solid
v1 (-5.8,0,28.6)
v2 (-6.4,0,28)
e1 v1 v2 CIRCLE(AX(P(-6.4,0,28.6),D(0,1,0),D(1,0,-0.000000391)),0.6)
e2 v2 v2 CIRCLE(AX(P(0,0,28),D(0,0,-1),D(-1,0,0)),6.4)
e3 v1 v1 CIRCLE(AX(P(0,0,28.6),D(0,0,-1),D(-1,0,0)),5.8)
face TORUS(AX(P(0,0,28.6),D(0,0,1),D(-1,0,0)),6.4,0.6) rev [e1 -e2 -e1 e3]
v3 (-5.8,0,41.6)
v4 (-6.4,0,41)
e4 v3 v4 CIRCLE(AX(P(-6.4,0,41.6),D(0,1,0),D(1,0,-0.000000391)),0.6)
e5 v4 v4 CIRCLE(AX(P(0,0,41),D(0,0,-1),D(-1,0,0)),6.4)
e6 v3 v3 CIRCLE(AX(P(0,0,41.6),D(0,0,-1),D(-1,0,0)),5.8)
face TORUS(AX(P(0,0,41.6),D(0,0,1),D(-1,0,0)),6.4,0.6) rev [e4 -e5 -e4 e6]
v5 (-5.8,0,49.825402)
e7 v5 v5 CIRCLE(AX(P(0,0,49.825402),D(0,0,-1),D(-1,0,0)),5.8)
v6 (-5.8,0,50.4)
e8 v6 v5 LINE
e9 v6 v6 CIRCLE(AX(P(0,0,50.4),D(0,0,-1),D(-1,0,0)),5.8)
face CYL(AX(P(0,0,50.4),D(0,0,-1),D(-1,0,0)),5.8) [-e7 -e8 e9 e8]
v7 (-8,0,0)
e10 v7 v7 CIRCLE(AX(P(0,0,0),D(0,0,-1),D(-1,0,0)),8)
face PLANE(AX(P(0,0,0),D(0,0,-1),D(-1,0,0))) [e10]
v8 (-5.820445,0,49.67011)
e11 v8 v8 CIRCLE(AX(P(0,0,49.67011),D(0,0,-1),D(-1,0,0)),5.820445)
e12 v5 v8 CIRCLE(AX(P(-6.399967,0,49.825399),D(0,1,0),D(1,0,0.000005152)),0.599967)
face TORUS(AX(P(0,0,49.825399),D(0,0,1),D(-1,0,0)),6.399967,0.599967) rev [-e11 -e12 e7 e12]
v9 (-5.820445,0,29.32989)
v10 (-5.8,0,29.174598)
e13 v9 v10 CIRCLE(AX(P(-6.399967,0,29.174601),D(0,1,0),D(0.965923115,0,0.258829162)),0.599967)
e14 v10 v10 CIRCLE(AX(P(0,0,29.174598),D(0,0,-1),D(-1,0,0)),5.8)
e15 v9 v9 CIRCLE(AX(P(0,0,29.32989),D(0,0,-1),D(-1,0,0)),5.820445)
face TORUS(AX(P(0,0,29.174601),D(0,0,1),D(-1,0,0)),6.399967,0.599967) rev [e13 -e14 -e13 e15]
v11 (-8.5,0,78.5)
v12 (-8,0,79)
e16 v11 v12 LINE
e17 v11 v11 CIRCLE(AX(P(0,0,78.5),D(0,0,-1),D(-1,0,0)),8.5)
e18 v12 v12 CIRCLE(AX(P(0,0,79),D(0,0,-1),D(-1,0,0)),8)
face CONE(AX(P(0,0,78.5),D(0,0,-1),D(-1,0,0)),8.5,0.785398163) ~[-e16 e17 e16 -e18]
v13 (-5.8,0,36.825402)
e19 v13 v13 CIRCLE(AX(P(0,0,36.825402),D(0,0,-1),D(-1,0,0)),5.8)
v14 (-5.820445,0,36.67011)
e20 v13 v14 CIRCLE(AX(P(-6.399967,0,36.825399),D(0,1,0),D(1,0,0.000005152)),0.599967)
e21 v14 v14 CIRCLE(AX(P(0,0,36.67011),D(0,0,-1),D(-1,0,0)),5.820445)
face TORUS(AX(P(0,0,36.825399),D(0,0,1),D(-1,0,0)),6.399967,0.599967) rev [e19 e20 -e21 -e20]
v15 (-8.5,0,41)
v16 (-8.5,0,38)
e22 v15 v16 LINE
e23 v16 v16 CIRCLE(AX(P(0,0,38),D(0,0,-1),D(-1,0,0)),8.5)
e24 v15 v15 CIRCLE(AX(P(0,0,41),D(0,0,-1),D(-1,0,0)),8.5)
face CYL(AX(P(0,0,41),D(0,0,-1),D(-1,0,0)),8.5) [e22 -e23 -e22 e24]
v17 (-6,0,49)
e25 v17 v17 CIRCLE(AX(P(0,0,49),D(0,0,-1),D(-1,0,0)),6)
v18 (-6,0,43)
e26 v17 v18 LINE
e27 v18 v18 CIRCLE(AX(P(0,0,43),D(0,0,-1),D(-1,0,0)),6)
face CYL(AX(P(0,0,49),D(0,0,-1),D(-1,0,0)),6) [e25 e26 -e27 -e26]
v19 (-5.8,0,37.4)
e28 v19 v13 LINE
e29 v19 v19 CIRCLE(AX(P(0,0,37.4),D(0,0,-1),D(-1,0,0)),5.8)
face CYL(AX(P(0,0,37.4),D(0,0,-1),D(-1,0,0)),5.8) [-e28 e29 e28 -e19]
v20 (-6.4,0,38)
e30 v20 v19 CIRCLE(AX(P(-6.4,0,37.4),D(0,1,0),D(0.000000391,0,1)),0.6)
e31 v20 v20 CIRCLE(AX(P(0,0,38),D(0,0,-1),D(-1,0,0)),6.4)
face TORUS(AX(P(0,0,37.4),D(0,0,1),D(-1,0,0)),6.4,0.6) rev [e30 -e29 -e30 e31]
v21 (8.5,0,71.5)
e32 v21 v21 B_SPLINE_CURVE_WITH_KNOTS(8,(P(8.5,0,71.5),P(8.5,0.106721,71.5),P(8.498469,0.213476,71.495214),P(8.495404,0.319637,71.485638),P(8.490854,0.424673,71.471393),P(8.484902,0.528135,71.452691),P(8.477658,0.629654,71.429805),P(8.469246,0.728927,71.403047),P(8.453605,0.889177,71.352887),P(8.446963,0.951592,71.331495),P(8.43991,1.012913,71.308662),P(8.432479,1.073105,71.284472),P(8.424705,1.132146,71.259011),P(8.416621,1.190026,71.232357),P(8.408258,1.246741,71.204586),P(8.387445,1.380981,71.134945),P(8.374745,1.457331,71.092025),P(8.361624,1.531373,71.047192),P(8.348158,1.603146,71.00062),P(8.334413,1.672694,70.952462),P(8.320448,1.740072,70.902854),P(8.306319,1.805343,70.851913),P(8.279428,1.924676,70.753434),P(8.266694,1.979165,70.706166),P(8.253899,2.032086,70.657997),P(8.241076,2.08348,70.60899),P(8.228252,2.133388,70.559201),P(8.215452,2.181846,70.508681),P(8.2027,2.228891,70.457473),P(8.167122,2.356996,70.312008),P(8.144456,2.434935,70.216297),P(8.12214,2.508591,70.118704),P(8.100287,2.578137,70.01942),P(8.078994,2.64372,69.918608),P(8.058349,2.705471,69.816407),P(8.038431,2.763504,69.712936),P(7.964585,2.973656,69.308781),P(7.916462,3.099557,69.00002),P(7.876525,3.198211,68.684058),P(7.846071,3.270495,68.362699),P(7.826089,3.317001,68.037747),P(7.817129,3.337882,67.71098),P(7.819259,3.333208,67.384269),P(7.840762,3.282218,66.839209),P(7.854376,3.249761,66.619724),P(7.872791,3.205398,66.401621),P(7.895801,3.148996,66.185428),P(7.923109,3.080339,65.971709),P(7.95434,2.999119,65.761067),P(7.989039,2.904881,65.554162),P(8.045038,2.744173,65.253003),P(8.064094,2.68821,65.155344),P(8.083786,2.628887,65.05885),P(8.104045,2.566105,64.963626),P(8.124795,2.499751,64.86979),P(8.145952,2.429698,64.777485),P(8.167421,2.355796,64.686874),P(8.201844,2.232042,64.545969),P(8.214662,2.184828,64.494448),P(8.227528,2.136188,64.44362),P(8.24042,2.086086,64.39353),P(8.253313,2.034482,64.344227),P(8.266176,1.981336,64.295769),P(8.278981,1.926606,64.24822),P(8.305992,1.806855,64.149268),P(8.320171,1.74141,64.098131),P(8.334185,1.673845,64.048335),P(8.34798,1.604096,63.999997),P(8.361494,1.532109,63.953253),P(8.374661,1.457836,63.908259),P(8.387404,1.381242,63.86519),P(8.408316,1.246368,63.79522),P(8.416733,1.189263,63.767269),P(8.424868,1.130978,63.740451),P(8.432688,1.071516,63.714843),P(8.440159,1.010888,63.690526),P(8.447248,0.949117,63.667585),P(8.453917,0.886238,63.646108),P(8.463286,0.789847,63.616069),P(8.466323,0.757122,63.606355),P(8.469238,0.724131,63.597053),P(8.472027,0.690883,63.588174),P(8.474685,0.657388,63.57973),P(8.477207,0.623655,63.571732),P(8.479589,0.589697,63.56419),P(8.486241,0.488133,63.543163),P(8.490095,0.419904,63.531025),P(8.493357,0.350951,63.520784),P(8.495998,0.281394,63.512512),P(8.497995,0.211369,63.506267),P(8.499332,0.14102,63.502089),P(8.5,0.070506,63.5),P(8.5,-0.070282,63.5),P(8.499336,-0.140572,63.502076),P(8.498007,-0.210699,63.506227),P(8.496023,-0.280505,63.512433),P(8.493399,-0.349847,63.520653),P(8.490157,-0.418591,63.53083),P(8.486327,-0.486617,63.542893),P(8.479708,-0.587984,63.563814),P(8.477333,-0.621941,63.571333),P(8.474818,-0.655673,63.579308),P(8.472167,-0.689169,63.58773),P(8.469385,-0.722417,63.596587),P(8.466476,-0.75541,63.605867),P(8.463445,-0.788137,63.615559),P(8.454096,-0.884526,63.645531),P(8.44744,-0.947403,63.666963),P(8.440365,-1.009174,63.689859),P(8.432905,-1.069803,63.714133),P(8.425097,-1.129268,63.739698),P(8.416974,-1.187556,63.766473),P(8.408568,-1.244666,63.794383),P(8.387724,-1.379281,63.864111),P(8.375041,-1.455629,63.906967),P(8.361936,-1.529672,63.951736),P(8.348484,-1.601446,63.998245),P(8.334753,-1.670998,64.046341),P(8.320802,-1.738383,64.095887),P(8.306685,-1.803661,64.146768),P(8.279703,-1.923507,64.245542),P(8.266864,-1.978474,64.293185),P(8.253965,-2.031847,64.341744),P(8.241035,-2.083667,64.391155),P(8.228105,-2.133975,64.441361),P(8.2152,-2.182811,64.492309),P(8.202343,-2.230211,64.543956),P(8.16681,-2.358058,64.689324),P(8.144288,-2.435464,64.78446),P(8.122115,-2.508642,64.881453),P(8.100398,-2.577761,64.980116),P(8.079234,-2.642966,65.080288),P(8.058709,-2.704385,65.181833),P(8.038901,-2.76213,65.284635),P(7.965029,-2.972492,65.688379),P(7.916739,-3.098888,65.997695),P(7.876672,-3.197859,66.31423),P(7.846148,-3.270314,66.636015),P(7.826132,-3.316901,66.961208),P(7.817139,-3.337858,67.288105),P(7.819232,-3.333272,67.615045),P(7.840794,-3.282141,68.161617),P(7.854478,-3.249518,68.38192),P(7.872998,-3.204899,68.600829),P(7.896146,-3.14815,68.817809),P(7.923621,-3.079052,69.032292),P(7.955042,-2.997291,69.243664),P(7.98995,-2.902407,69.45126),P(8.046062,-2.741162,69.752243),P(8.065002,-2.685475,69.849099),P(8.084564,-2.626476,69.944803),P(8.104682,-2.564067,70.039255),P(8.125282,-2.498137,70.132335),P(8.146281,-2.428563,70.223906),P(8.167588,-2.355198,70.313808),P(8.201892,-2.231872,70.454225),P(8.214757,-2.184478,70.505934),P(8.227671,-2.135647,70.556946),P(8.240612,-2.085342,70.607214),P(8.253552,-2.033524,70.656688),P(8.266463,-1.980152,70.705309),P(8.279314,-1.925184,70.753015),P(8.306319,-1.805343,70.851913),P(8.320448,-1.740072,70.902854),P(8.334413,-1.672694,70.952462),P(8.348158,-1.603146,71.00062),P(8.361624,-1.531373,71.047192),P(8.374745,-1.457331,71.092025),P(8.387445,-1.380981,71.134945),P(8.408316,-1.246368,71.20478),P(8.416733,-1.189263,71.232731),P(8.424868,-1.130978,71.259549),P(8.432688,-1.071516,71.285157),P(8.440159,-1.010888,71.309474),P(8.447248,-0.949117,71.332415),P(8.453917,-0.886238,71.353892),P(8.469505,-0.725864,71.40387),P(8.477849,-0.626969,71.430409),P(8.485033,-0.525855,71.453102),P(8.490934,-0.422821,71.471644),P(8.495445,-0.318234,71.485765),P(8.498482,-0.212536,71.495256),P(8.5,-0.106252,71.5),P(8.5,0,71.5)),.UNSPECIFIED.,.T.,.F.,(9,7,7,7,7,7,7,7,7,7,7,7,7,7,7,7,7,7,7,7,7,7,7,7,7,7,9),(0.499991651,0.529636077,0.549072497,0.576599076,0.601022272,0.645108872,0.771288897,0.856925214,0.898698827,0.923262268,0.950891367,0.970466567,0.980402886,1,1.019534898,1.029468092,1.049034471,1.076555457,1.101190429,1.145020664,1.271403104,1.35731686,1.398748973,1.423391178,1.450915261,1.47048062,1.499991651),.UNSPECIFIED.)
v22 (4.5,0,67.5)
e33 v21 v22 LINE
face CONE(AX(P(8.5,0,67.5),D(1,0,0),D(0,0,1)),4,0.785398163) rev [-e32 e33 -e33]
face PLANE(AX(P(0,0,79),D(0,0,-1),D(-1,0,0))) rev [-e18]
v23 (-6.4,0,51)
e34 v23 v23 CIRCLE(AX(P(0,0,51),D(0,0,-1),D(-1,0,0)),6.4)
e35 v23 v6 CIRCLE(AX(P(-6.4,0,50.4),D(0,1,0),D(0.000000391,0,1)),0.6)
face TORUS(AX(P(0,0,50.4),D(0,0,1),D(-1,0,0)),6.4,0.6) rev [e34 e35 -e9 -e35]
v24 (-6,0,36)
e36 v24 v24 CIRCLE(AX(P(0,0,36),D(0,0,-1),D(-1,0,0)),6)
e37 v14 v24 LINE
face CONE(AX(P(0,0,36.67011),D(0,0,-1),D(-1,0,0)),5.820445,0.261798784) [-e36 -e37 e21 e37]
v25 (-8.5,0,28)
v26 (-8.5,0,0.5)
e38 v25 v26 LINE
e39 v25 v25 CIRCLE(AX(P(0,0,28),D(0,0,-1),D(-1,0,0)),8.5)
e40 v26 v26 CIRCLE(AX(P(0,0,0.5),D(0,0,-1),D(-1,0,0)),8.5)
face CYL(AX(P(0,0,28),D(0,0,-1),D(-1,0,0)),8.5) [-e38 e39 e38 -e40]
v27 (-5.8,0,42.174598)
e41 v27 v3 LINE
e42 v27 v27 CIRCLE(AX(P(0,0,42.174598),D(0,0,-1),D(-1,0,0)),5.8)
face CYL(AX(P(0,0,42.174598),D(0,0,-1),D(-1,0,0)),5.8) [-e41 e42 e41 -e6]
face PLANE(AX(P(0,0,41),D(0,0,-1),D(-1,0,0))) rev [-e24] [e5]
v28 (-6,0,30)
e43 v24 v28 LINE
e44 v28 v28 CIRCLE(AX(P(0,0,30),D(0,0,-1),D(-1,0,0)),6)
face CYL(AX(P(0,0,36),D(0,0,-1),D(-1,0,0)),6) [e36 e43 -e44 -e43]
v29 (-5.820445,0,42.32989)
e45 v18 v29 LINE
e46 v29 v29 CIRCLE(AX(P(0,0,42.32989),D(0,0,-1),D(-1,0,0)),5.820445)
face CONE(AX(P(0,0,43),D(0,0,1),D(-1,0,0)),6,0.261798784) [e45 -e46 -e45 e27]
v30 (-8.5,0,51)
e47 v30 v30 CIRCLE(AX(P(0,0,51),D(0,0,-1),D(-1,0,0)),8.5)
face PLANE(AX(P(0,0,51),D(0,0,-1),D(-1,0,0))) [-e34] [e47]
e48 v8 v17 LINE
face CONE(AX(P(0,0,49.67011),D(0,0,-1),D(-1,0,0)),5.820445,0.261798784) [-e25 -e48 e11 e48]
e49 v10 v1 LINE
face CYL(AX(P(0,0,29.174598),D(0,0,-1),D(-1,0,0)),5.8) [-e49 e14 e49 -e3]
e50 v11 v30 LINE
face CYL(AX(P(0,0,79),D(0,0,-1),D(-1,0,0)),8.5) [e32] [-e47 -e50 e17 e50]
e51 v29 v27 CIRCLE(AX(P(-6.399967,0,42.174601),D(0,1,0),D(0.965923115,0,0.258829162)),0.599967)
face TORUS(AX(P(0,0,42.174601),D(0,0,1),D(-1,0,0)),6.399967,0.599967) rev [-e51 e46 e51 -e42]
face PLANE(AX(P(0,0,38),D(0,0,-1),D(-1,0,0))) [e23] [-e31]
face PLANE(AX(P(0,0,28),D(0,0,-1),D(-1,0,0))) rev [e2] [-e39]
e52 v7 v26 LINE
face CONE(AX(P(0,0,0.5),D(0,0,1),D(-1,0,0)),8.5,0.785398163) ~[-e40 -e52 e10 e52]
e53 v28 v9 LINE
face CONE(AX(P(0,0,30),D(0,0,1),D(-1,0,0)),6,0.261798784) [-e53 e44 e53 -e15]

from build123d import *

# Parameters (mm, degrees)
F4_SIZE = 0.5


with BuildPart() as f1:
    # F0 (on Front) → F1 (revolve)
    with BuildSketch(Plane.XZ):
        with BuildLine():
            Line((-8.5, 0), (0, 0))
            Line((0, 0), (0, 79))
            Line((0, 79), (-8.5, 79))
            Line((-8.5, 79), (-8.5, 51))
            Line((-8.5, 51), (-6.4, 51))
            ThreePointArc((-6.4, 51), (-5.975736, 50.824264), (-5.8, 50.4))
            Line((-5.8, 50.4), (-5.8, 49.825402))
            ThreePointArc((-5.8, 49.825402), (-5.805133, 49.747086), (-5.820445, 49.67011))
            Line((-5.820445, 49.67011), (-6, 49))
            Line((-6, 49), (-6, 43))
            Line((-6, 43), (-5.820445, 42.32989))
            ThreePointArc((-5.820445, 42.32989), (-5.805133, 42.252914), (-5.8, 42.174598))
            Line((-5.8, 42.174598), (-5.8, 41.6))
            ThreePointArc((-5.8, 41.6), (-5.975736, 41.175736), (-6.4, 41))
            Line((-6.4, 41), (-8.5, 41))
            Line((-8.5, 41), (-8.5, 38))
            Line((-8.5, 38), (-6.4, 38))
            ThreePointArc((-6.4, 38), (-5.975736, 37.824264), (-5.8, 37.4))
            Line((-5.8, 37.4), (-5.8, 36.825402))
            ThreePointArc((-5.8, 36.825402), (-5.805133, 36.747086), (-5.820445, 36.67011))
            Line((-5.820445, 36.67011), (-6, 36))
            Line((-6, 36), (-6, 30))
            Line((-6, 30), (-5.820445, 29.32989))
            ThreePointArc((-5.820445, 29.32989), (-5.805133, 29.252914), (-5.8, 29.174598))
            Line((-5.8, 29.174598), (-5.8, 28.6))
            ThreePointArc((-5.8, 28.6), (-5.975736, 28.175736), (-6.4, 28))
            Line((-6.4, 28), (-8.5, 28))
            Line((-8.5, 28), (-8.5, 0))
        make_face()
    revolve(axis=Axis((0, 0, 39.5), (0, 0, -1)))

    # F2 (on Front) → F3 (revolve, cut)
    with BuildSketch(Plane.XZ):
        Polygon((8.5, 67.5), (8.5, 71.5), (4.5, 67.5), align=None)
    revolve(axis=Axis((1.375147, 0, 67.5), (1, 0, 0)), mode=Mode.SUBTRACT)

    # F4
    f4_edges = [f1.edges().sort_by_distance(p)[0] for p in [
        (8.5, 0, 79),
        (8.5, 0, 0),
    ]]
    chamfer(f4_edges, length=F4_SIZE)


solid = f1.part
